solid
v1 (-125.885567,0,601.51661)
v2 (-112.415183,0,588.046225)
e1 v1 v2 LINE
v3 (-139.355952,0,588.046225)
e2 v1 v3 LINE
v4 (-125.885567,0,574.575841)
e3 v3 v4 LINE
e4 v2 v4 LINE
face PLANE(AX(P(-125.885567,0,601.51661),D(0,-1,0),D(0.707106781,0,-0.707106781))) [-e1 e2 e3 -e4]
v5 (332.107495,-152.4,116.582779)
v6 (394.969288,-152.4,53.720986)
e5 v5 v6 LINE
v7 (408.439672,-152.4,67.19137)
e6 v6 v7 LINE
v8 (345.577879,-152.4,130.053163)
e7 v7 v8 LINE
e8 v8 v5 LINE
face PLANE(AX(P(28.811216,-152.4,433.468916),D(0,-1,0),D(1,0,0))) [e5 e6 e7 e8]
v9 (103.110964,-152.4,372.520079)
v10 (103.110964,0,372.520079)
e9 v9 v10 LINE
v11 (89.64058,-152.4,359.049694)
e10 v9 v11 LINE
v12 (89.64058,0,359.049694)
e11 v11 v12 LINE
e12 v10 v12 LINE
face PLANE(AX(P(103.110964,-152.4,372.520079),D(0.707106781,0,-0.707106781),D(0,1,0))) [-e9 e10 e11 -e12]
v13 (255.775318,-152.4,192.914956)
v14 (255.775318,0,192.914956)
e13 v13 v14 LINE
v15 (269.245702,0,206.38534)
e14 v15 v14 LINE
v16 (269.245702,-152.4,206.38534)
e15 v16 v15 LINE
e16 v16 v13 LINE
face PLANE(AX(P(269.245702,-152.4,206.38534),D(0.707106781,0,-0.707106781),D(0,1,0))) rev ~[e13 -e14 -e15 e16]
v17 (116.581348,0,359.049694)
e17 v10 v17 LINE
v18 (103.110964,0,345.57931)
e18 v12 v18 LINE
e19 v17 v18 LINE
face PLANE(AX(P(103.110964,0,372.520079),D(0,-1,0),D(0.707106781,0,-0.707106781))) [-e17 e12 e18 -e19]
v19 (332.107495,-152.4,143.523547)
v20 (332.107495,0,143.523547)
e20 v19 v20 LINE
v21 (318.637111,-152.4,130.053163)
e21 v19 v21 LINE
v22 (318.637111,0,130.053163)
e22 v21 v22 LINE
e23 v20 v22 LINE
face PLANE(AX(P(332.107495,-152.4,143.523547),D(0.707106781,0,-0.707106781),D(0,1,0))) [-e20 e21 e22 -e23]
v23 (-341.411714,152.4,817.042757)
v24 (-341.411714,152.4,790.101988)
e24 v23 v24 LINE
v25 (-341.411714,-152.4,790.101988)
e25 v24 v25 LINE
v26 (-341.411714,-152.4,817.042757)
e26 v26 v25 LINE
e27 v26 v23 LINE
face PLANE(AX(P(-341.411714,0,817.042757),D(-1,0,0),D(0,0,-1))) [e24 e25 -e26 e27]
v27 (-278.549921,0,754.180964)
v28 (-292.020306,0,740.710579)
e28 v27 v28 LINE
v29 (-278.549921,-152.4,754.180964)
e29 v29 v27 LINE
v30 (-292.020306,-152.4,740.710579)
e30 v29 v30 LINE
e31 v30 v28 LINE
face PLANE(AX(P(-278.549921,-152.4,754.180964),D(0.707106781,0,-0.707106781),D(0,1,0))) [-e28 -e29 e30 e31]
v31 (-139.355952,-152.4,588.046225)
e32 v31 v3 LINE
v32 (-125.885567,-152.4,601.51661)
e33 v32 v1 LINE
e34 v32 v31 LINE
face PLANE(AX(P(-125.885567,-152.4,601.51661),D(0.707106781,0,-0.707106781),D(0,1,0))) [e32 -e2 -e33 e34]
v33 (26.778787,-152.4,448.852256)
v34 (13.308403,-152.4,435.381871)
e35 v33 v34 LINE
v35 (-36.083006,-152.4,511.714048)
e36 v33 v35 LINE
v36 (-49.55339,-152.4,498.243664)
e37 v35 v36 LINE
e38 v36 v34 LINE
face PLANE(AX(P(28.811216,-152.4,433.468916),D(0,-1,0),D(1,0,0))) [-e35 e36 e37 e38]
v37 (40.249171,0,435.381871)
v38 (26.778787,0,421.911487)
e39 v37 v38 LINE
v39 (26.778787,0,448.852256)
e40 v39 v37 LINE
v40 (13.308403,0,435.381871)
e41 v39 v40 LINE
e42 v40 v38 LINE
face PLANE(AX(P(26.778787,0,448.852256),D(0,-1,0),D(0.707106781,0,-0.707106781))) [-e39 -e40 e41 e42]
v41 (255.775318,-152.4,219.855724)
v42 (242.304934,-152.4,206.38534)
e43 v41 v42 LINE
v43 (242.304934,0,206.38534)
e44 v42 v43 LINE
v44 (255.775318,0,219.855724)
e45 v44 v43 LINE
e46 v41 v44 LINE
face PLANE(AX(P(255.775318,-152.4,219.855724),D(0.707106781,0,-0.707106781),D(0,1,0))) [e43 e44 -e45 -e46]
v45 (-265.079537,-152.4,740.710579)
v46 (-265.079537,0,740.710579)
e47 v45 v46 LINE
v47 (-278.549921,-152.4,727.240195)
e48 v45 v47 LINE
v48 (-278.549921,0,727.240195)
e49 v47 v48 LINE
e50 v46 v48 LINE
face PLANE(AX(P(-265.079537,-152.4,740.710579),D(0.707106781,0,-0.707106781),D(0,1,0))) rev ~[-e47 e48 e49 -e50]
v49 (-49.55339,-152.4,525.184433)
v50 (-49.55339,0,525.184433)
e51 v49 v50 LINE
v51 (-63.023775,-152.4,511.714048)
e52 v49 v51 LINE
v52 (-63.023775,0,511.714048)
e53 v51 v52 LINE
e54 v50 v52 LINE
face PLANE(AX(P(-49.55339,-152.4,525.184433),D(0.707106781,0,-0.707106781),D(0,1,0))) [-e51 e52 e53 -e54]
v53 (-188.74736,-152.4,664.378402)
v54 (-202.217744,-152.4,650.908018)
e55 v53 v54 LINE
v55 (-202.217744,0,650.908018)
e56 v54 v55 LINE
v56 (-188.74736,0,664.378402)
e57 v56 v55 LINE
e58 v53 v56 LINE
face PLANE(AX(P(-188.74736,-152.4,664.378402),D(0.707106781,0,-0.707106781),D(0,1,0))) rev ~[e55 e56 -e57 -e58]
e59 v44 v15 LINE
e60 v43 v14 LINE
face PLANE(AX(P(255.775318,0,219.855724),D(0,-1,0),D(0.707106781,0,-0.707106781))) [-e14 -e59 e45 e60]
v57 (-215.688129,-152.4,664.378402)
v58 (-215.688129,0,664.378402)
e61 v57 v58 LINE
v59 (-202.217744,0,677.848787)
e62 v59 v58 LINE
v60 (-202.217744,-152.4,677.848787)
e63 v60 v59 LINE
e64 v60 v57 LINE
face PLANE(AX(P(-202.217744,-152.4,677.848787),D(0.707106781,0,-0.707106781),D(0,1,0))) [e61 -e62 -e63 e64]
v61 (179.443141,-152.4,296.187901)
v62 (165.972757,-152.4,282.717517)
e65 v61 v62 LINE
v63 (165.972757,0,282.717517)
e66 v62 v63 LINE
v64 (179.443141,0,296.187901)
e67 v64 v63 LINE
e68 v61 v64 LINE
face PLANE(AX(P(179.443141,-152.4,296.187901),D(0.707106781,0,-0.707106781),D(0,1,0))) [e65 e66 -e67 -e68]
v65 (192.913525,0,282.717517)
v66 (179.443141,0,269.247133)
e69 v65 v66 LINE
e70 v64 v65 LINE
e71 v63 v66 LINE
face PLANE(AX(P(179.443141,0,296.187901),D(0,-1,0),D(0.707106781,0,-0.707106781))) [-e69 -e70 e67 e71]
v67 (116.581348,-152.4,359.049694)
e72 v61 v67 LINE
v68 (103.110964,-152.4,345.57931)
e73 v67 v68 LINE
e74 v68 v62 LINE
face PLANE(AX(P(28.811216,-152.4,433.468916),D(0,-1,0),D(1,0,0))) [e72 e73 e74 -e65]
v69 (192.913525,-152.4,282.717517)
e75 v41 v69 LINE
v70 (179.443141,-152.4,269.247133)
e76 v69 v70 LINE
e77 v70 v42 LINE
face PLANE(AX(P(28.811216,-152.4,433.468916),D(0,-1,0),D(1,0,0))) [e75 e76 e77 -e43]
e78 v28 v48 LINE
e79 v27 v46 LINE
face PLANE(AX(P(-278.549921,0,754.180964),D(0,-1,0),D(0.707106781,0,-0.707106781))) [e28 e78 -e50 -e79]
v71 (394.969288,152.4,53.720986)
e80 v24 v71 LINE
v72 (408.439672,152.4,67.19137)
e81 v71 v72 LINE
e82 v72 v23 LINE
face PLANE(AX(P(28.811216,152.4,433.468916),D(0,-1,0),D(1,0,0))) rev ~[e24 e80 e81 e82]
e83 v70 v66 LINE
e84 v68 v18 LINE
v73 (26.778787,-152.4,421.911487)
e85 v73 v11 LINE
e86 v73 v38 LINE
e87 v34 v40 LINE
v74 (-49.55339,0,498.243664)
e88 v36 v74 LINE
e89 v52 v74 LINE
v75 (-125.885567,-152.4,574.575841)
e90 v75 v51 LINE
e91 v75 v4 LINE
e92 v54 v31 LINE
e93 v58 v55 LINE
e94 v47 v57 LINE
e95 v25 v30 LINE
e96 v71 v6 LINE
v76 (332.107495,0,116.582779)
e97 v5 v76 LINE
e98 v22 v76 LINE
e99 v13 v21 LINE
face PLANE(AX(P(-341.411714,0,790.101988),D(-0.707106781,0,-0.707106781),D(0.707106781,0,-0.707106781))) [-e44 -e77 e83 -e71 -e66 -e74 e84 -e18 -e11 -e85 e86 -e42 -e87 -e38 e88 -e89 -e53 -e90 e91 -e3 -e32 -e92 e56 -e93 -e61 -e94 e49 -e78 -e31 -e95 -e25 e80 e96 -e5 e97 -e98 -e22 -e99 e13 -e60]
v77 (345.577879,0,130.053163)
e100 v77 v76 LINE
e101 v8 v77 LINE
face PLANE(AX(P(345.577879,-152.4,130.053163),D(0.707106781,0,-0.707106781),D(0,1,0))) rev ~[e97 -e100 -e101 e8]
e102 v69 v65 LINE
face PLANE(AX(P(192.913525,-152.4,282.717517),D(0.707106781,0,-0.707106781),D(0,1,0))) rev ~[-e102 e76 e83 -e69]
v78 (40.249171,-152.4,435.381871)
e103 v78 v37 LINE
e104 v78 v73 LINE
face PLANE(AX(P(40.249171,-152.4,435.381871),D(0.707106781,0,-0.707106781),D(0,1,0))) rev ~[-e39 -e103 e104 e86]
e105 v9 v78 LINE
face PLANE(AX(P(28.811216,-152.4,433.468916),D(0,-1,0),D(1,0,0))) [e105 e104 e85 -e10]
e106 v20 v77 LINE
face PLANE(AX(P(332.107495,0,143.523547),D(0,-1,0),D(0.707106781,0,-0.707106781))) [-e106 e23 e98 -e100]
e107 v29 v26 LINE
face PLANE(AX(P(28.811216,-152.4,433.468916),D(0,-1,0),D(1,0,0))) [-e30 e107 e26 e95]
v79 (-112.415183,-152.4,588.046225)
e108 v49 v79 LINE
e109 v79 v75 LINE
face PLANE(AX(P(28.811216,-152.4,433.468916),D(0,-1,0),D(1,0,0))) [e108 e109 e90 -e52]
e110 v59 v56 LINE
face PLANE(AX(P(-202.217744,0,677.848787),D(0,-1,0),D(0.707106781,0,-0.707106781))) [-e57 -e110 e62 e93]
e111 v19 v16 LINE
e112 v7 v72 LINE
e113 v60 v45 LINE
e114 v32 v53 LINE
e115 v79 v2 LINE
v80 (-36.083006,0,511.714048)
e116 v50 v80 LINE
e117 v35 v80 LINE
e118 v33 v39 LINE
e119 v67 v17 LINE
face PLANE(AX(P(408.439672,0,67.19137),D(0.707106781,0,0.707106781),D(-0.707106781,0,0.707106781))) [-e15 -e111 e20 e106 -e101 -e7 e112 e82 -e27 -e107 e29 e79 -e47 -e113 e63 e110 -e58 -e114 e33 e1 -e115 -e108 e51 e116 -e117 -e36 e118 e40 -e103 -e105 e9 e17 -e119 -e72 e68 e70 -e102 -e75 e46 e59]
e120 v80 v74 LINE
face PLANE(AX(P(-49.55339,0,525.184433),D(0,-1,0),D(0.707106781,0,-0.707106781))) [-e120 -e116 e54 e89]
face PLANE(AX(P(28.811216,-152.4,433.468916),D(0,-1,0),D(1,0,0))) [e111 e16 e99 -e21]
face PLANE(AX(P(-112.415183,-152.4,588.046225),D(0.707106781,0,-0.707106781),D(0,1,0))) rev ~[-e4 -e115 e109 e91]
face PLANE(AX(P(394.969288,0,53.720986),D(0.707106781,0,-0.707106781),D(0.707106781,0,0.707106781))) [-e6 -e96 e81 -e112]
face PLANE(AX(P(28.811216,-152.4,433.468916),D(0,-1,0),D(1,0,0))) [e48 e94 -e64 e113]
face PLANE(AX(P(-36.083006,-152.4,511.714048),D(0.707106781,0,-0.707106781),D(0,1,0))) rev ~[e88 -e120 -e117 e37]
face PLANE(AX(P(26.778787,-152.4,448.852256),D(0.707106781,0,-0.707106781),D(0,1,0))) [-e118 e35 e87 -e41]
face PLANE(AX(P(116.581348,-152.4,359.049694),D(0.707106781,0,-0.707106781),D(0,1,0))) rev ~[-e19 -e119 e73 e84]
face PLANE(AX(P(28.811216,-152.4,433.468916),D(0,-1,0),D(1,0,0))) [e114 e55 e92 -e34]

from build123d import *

# Parameters (mm, degrees)
F1_DEPTH = 152.4
F2_W     = 19.05
F2_H     = 152.4
F3_DEPTH = 19.05


with BuildPart() as f1:
    # F0 (on Front) → F1 (new body, symmetric)
    with BuildSketch(Plane.XZ):
        Polygon((-341.4117142798, 817.0427565066), (-341.4117142798, 790.1019881433), (394.9692876479, 53.7209862157), (408.4396718295, 67.1913703973), align=None)
    extrude(amount=F1_DEPTH, both=True)

    # F2 (on face) → F3 (cut)
    with BuildSketch(Plane(origin=(237.8155211134, 0, 237.8155211134), x_dir=(0.7071067812, 0, -0.7071067812), z_dir=(0.7071067812, 0, 0.7071067812))):
        with Locations((-720.7260119889, -76.2)):
            Rectangle(F2_W, F2_H)
        with Locations((-612.7760119889, -76.2)):
            Rectangle(F2_W, F2_H)
        with Locations((-504.8260119889, -76.2)):
            Rectangle(F2_W, F2_H)
        with Locations((-396.8760119889, -76.2)):
            Rectangle(F2_W, F2_H)
        with Locations((-288.9260119889, -76.2)):
            Rectangle(F2_W, F2_H)
        with Locations((-180.9760119889, -76.2)):
            Rectangle(F2_W, F2_H)
        with Locations((-73.0260119889, -76.2)):
            Rectangle(F2_W, F2_H)
        with Locations((34.9239880111, -76.2)):
            Rectangle(F2_W, F2_H)
        with Locations((142.8739880111, -76.2)):
            Rectangle(F2_W, F2_H)
    extrude(amount=-F3_DEPTH, mode=Mode.SUBTRACT)


solid = f1.part
